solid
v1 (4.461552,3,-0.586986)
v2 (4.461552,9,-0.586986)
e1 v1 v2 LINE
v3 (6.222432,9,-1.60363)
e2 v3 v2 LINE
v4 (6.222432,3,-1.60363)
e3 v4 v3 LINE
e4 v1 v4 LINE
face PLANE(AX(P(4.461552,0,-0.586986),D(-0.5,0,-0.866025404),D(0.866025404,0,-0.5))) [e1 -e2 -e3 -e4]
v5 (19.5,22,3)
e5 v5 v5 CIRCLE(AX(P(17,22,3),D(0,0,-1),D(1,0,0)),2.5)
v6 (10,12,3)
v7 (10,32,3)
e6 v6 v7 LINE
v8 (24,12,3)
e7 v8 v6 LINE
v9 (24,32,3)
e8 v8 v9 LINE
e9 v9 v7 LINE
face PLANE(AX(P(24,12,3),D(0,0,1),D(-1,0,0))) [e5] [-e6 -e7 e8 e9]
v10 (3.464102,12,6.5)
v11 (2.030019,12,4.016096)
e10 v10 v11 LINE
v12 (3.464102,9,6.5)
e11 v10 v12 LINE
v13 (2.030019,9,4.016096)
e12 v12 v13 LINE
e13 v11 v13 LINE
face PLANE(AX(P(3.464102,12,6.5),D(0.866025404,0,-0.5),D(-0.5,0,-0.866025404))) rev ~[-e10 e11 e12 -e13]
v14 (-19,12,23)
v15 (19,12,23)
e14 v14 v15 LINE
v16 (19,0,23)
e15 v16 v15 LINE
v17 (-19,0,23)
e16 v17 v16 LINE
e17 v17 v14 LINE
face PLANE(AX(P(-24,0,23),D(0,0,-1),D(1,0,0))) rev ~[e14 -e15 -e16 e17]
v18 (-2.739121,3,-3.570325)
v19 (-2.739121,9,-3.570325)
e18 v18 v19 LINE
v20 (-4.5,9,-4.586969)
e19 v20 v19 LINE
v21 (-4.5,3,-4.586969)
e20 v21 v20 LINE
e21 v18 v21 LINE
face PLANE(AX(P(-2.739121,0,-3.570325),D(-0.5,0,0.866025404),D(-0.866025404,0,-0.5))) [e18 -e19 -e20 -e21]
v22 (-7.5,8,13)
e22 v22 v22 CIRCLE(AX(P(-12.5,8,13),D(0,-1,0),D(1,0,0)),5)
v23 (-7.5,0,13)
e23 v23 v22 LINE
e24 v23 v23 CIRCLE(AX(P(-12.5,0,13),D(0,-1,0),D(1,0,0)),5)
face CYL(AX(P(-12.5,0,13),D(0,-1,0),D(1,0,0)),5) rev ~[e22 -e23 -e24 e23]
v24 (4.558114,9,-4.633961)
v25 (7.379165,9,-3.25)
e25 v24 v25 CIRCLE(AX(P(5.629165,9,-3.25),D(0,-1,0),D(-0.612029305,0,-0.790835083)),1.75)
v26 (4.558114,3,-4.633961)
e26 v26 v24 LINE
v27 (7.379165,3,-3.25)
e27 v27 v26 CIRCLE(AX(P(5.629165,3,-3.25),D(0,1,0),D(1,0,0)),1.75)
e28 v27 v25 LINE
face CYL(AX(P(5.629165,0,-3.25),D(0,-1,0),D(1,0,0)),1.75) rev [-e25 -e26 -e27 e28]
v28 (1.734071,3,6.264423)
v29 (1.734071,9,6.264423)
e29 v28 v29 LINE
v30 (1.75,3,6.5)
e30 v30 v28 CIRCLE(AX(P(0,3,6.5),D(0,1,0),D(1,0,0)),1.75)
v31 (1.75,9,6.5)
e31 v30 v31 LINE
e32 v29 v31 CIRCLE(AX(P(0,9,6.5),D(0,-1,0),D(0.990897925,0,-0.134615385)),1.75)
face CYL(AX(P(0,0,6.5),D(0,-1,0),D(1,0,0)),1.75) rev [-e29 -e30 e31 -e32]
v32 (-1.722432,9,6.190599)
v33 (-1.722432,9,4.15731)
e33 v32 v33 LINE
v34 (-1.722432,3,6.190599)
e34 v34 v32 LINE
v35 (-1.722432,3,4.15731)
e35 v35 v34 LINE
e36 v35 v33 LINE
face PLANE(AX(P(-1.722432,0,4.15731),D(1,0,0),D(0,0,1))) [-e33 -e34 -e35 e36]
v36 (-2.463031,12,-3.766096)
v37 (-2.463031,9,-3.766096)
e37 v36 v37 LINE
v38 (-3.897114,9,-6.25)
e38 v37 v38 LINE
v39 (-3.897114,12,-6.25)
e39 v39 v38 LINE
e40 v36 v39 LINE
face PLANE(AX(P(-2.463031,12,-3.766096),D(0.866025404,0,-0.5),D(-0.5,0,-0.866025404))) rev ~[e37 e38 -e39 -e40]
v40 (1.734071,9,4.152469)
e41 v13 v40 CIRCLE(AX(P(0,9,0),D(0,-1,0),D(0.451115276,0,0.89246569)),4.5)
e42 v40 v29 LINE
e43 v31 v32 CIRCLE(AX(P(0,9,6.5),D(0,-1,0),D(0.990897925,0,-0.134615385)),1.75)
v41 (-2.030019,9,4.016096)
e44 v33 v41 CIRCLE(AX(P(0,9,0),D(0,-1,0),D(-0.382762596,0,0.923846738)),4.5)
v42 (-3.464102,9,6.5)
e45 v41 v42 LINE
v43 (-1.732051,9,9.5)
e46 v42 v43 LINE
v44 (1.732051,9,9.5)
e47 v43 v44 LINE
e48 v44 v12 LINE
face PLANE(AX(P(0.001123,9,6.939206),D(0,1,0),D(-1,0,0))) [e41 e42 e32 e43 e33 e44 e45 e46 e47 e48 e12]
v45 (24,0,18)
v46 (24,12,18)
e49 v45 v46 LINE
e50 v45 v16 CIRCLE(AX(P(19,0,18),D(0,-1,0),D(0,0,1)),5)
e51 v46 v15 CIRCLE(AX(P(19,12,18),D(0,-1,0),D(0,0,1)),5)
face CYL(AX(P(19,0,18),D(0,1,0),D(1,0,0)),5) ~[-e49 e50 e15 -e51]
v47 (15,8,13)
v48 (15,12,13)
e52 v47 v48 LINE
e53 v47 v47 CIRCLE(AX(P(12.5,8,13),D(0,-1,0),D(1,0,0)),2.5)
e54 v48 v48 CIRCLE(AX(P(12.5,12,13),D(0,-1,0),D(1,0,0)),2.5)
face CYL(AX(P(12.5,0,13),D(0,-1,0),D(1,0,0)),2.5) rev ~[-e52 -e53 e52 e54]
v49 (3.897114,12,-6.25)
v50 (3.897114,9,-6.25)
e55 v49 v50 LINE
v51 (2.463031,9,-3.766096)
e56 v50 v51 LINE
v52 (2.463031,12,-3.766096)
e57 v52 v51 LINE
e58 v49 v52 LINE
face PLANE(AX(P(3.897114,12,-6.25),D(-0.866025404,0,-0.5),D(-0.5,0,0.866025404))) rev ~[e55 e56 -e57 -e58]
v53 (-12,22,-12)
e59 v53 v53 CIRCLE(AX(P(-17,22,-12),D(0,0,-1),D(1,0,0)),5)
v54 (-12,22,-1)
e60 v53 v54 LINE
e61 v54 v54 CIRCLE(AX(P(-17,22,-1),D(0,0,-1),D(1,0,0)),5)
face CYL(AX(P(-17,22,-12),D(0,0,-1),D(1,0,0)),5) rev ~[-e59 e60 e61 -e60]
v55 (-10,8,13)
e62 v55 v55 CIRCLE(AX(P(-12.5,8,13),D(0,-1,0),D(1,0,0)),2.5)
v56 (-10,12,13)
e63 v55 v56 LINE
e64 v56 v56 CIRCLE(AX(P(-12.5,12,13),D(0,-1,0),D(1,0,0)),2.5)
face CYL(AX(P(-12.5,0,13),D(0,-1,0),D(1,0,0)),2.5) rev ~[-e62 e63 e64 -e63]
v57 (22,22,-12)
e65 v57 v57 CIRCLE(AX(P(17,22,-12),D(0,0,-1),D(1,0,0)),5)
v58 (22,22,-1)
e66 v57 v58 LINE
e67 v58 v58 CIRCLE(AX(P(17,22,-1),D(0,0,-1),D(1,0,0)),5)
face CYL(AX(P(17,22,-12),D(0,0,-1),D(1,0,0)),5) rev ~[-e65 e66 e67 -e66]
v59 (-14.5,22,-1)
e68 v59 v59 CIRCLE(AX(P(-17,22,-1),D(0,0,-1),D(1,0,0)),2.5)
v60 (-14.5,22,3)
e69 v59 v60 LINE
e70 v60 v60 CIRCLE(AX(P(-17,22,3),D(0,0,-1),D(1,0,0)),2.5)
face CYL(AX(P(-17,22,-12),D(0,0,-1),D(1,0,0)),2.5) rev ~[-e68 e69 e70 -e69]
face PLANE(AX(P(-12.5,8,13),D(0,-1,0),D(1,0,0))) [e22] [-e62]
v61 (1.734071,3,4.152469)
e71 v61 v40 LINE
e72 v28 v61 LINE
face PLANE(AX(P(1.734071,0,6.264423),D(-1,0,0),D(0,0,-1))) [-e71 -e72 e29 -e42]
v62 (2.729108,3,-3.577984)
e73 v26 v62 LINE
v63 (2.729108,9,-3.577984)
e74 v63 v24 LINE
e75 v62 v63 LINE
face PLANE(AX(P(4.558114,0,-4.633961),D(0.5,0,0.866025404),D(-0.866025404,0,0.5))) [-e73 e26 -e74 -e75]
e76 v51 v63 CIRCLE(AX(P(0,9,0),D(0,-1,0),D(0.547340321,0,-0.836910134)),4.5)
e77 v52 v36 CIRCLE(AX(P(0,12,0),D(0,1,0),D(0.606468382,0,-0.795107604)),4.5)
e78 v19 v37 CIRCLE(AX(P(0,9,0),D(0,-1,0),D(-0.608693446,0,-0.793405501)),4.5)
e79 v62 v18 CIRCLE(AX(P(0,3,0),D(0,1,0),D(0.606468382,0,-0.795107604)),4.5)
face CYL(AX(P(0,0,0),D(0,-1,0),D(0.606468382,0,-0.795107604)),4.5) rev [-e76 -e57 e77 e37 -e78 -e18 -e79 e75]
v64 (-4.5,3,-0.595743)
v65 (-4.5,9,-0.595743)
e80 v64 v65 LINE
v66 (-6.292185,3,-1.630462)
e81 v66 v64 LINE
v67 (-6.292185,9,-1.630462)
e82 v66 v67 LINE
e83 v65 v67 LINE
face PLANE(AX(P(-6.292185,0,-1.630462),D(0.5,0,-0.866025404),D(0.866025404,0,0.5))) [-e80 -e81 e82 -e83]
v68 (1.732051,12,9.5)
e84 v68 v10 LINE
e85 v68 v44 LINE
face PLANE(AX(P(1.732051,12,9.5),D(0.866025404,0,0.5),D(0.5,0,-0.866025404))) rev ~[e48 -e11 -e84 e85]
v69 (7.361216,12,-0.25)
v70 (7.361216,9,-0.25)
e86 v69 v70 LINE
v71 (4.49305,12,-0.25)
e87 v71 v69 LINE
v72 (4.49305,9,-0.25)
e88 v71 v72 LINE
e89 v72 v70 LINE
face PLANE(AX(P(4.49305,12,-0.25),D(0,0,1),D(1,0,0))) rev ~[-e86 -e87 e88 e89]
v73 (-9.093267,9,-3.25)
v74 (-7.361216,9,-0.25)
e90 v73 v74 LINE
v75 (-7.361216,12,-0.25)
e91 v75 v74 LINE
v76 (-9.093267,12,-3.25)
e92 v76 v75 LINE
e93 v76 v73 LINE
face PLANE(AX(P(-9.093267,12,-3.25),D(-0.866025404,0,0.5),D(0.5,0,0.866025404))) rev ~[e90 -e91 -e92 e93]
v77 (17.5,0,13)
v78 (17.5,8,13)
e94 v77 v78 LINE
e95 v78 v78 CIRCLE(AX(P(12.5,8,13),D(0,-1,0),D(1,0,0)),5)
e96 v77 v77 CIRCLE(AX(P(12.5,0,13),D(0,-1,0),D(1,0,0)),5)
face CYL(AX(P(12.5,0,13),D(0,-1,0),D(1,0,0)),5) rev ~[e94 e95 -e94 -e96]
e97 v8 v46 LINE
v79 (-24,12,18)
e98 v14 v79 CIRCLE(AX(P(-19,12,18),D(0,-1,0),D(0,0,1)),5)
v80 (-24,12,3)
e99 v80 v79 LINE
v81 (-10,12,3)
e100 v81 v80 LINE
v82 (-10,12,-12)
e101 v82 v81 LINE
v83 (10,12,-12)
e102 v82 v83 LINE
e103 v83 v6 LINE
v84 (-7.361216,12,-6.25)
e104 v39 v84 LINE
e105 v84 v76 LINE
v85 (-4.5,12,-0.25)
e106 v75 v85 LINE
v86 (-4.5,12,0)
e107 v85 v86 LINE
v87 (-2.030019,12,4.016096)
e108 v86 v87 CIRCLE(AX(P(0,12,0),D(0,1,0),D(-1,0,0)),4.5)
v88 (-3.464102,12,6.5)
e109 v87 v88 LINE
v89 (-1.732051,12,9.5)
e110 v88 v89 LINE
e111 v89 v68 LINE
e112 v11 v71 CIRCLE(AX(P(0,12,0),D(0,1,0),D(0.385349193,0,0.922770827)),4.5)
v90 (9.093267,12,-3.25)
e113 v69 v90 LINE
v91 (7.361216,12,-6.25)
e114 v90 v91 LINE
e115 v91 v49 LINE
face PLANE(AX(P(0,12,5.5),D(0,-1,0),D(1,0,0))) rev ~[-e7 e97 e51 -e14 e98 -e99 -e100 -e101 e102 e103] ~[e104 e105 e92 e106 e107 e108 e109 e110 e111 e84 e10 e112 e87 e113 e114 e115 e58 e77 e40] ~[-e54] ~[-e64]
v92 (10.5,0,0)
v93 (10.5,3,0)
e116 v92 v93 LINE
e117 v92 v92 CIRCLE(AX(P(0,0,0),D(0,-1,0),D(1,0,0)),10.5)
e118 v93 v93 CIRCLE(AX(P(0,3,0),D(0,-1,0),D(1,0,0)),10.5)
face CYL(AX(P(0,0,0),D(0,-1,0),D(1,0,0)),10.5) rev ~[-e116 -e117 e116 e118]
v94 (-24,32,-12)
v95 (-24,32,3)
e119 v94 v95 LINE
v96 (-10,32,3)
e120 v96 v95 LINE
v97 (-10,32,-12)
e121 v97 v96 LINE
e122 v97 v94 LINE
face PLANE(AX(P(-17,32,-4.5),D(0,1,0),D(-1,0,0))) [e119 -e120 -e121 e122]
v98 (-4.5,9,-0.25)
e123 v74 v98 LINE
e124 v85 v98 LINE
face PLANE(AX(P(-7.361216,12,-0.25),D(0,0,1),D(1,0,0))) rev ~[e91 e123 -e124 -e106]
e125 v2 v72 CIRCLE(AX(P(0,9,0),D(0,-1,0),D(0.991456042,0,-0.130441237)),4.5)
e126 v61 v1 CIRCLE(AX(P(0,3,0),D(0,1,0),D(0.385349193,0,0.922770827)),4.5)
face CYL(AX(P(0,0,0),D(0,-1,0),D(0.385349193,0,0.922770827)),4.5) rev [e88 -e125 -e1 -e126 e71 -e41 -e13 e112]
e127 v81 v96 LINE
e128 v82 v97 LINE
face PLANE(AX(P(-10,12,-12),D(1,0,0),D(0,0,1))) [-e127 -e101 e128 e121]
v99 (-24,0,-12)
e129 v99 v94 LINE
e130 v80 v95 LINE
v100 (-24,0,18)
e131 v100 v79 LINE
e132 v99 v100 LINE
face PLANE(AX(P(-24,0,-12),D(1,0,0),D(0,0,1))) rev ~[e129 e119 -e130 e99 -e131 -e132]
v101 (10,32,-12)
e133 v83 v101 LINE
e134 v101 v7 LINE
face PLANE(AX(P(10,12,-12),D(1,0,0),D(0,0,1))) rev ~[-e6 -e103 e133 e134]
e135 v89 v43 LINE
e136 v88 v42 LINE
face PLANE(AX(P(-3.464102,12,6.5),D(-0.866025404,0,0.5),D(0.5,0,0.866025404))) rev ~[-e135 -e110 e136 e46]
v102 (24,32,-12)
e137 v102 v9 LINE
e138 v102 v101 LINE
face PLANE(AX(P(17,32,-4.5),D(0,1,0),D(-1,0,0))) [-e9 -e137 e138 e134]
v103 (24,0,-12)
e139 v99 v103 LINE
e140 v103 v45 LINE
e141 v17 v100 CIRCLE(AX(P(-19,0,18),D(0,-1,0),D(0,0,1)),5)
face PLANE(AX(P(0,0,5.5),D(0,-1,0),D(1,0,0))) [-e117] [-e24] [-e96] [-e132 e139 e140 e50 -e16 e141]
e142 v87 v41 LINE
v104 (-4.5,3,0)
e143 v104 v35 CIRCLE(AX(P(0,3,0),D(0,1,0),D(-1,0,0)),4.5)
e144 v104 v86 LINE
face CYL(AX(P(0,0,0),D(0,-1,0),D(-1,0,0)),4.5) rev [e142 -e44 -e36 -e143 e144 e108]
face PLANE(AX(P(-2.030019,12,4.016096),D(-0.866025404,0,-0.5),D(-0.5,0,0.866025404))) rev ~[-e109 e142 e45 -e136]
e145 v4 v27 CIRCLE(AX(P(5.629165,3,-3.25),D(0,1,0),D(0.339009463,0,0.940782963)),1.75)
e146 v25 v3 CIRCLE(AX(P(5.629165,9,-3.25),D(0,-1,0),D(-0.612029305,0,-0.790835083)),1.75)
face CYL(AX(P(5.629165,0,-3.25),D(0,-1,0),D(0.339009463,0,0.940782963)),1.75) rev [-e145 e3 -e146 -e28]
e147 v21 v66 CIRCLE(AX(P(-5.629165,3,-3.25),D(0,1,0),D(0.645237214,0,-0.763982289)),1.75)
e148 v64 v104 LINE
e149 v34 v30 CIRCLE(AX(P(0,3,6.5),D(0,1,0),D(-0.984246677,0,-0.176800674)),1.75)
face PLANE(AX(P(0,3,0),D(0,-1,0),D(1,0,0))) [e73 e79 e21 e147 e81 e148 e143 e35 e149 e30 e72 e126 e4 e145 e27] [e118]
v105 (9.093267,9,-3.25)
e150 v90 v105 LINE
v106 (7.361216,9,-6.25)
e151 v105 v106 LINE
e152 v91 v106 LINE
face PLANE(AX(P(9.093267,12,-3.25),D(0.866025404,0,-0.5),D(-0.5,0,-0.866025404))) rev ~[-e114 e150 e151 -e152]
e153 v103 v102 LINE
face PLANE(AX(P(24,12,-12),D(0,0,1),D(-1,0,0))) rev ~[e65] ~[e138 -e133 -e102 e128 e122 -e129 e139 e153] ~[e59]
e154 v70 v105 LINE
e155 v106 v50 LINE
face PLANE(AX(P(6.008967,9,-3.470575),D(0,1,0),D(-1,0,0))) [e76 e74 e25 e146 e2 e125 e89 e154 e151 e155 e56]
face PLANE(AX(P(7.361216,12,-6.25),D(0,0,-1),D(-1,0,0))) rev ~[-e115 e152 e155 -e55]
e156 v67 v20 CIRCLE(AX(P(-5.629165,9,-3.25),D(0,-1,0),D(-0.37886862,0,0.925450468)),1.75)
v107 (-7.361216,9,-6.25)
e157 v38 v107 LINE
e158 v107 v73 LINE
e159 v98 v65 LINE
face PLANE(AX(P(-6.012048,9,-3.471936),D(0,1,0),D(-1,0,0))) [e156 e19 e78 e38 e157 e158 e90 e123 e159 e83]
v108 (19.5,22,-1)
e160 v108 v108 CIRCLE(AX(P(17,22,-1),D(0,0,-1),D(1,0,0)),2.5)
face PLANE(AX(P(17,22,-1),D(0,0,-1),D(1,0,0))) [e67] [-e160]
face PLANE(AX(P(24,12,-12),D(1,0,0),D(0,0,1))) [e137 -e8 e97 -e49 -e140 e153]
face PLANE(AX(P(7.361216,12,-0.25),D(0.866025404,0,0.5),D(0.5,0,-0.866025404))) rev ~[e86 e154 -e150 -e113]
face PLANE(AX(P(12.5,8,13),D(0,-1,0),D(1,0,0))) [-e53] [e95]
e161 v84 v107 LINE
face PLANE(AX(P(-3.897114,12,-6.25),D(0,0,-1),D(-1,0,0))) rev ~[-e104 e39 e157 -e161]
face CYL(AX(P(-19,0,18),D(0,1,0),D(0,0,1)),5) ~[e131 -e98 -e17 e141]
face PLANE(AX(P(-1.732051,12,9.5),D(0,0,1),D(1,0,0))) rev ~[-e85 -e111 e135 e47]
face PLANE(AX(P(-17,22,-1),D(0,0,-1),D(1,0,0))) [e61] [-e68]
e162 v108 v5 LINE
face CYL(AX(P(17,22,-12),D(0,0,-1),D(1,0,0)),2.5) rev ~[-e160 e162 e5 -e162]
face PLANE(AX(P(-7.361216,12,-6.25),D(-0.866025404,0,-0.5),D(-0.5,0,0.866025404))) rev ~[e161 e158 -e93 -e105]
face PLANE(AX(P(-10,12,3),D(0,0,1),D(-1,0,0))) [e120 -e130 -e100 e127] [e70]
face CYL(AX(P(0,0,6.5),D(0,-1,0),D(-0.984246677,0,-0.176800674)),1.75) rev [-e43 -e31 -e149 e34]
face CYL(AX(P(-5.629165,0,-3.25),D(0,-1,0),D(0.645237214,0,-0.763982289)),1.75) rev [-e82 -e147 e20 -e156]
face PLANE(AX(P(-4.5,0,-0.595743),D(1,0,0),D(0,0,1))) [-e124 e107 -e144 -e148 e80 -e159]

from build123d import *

# Parameters (mm, degrees)
F0_W      = 48
F0_H      = 35
F0_R      = 10.5
F0_R_2    = 5
F0_R_3    = 2.5
F1_DEPTH  = 12
F2_DEPTH  = 8
F3_DEPTH  = 3
F5_DEPTH  = 3
F4_W      = 14
F4_H      = 15
F6_DEPTH  = 20
F7_R      = 2.5
F8_DEPTH  = 35.001
F9_R      = 5
F7_R_2    = 5
F10_DEPTH = 11


with BuildPart() as f1:
    # F0 (on Front) → F1 (new body)
    with BuildSketch(Plane.XZ):
        with Locations((0, 5.5)):
            Rectangle(F0_W, F0_H)
        Circle(F0_R, mode=Mode.SUBTRACT)
        with Locations((-12.5, 13)):
            Circle(F0_R_2, mode=Mode.SUBTRACT)
        with Locations((12.5, 13)):
            Circle(F0_R_2, mode=Mode.SUBTRACT)
        with Locations((-12.5, 13)):
            Circle(F0_R_2)
        with Locations((-12.5, 13)):
            Circle(F0_R_3, mode=Mode.SUBTRACT)
        with Locations((12.5, 13)):
            Circle(F0_R_2)
        with Locations((12.5, 13)):
            Circle(F0_R_3, mode=Mode.SUBTRACT)
        Circle(F0_R)
        with BuildLine():
            ThreePointArc((2.729107717, -3.5779842186), (-0.0063032395, -4.4999955855), (-2.7391205053, -3.5703247551))
            Line((-2.7391205053, -3.5703247551), (-4.5, -4.5869690054))
            ThreePointArc((-4.5, -4.5869690054), (-7.1256799724, -4.1571622293), (-6.2921852092, -1.6304616808))
            Line((-6.2921852092, -1.6304616808), (-4.5, -0.5957430678))
            Line((-4.5, -0.5957430678), (-4.5, 0))
            ThreePointArc((-4.5, 0), (-3.7417203652, 2.49990574), (-1.722431685, 4.1573103192))
            Line((-1.722431685, 4.1573103192), (-1.722431685, 6.1905988197))
            ThreePointArc((-1.722431685, 6.1905988197), (-0.1553134752, 8.2430942959), (1.75, 6.5))
            ThreePointArc((1.75, 6.5), (1.7460133012, 6.3819425903), (1.7340713692, 6.2644230769))
            Line((1.7340713692, 6.2644230769), (1.7340713692, 4.1524687219))
            ThreePointArc((1.7340713692, 4.1524687219), (3.9002621137, 2.2445390272), (4.4615521904, -0.5869855641))
            Line((4.4615521904, -0.5869855641), (6.222431685, -1.6036298143))
            ThreePointArc((6.222431685, -1.6036298143), (7.0610723284, -2.243947437), (7.3791651246, -3.25))
            ThreePointArc((7.3791651246, -3.25), (6.3999310593, -4.8211205791), (4.5581138401, -4.6339613961))
            Line((4.5581138401, -4.6339613961), (2.729107717, -3.5779842186))
        make_face(mode=Mode.SUBTRACT)
    extrude(amount=-F1_DEPTH)

    # F0 (on Front) → F2 (cut)
    with BuildSketch(Plane.XZ):
        with Locations((12.5, 13)):
            Circle(F0_R_2)
        with Locations((12.5, 13)):
            Circle(F0_R_3, mode=Mode.SUBTRACT)
        with Locations((-12.5, 13)):
            Circle(F0_R_2)
        with Locations((-12.5, 13)):
            Circle(F0_R_3, mode=Mode.SUBTRACT)
    extrude(amount=-F2_DEPTH, mode=Mode.SUBTRACT)

    # F0 (on Front) → F3 (cut)
    with BuildSketch(Plane.XZ):
        Circle(F0_R)
        with BuildLine():
            ThreePointArc((2.729107717, -3.5779842186), (-0.0063032395, -4.4999955855), (-2.7391205053, -3.5703247551))
            Line((-2.7391205053, -3.5703247551), (-4.5, -4.5869690054))
            ThreePointArc((-4.5, -4.5869690054), (-7.1256799724, -4.1571622293), (-6.2921852092, -1.6304616808))
            Line((-6.2921852092, -1.6304616808), (-4.5, -0.5957430678))
            Line((-4.5, -0.5957430678), (-4.5, 0))
            ThreePointArc((-4.5, 0), (-3.7417203652, 2.49990574), (-1.722431685, 4.1573103192))
            Line((-1.722431685, 4.1573103192), (-1.722431685, 6.1905988197))
            ThreePointArc((-1.722431685, 6.1905988197), (-0.1553134752, 8.2430942959), (1.75, 6.5))
            ThreePointArc((1.75, 6.5), (1.7460133012, 6.3819425903), (1.7340713692, 6.2644230769))
            Line((1.7340713692, 6.2644230769), (1.7340713692, 4.1524687219))
            ThreePointArc((1.7340713692, 4.1524687219), (3.9002621137, 2.2445390272), (4.4615521904, -0.5869855641))
            Line((4.4615521904, -0.5869855641), (6.222431685, -1.6036298143))
            ThreePointArc((6.222431685, -1.6036298143), (7.0610723284, -2.243947437), (7.3791651246, -3.25))
            ThreePointArc((7.3791651246, -3.25), (6.3999310593, -4.8211205791), (4.5581138401, -4.6339613961))
            Line((4.5581138401, -4.6339613961), (2.729107717, -3.5779842186))
        make_face(mode=Mode.SUBTRACT)
    extrude(amount=-F3_DEPTH, mode=Mode.SUBTRACT)

    # F4 (on face) → F5 (cut)
    with BuildSketch(Plane(origin=(0, 12, 0), x_dir=(-1, 0, 0), z_dir=(0, 1, 0))):
        with BuildLine():
            ThreePointArc((-4.4615521904, -0.5869855641), (-4.4804704843, -0.4187890156), (-4.4930501889, -0.25))
            Line((-4.4930501889, -0.25), (-7.3612159322, -0.25))
            Line((-7.3612159322, -0.25), (-9.0932667397, -3.25))
            Line((-9.0932667397, -3.25), (-7.3612159322, -6.25))
            Line((-7.3612159322, -6.25), (-3.897114317, -6.25))
            Line((-3.897114317, -6.25), (-2.4630314454, -3.7660956041))
            ThreePointArc((-2.4630314454, -3.7660956041), (-2.597772843, -3.6744491092), (-2.729107717, -3.5779842186))
            Line((-2.729107717, -3.5779842186), (-4.5581138401, -4.6339613961))
            ThreePointArc((-4.5581138401, -4.6339613961), (-7.1630480845, -4.0924387607), (-6.222431685, -1.6036298143))
            Line((-6.222431685, -1.6036298143), (-4.4615521904, -0.5869855641))
        make_face()
        with BuildLine():
            Line((1.7320508076, 9.5), (-1.7320508076, 9.5))
            Line((-1.7320508076, 9.5), (-3.4641016151, 6.5))
            Line((-3.4641016151, 6.5), (-2.0300187435, 4.0160956041))
            ThreePointArc((-2.0300187435, 4.0160956041), (-1.883279852, 4.0869618299), (-1.7340713692, 4.1524687219))
            Line((-1.7340713692, 4.1524687219), (-1.7340713692, 6.2644230769))
            ThreePointArc((-1.7340713692, 6.2644230769), (0.0373681121, 8.24960099), (1.722431685, 6.1905988197))
            Line((1.722431685, 6.1905988197), (1.722431685, 4.1573103192))
            ThreePointArc((1.722431685, 4.1573103192), (1.8775533158, 4.0895957681), (2.0300187435, 4.0160956041))
            Line((2.0300187435, 4.0160956041), (3.4641016151, 6.5))
            Line((3.4641016151, 6.5), (1.7320508076, 9.5))
        make_face()
        with BuildLine():
            Line((7.3612159322, -0.25), (4.5, -0.25))
            Line((4.5, -0.25), (4.5, -0.5957430678))
            Line((4.5, -0.5957430678), (6.2921852092, -1.6304616808))
            ThreePointArc((6.2921852092, -1.6304616808), (7.1256799724, -4.1571622293), (4.5, -4.5869690054))
            Line((4.5, -4.5869690054), (2.7391205053, -3.5703247551))
            ThreePointArc((2.7391205053, -3.5703247551), (2.6029171685, -3.6708067525), (2.4630314454, -3.7660956041))
            Line((2.4630314454, -3.7660956041), (3.897114317, -6.25))
            Line((3.897114317, -6.25), (7.3612159322, -6.25))
            Line((7.3612159322, -6.25), (9.0932667397, -3.25))
            Line((9.0932667397, -3.25), (7.3612159322, -0.25))
        make_face()
    extrude(amount=-F5_DEPTH, mode=Mode.SUBTRACT)

    # F4 (on face) → F6 (join)
    with BuildSketch(Plane(origin=(0, 12, 0), x_dir=(-1, 0, 0), z_dir=(0, 1, 0))):
        with Locations((-17, -4.5)):
            Rectangle(F4_W, F4_H)
        with Locations((17, -4.5)):
            Rectangle(F4_W, F4_H)
    extrude(amount=F6_DEPTH)

    # F7 (on face) → F8 (cut, through all)
    with BuildSketch(Plane(origin=(0, 0, -12), x_dir=(1, 0, 0), z_dir=(0, 0, -1))):
        with Locations((-17, -22)):
            Circle(F7_R)
        with Locations((17, -22)):
            Circle(F7_R)
    extrude(amount=-F8_DEPTH, mode=Mode.SUBTRACT)

    # F9
    f9_edges = [f1.edges().sort_by_distance(p)[0] for p in [
        (-24, 6, 23),
        (24, 6, 23),
    ]]
    fillet(f9_edges, radius=F9_R)

    # F7 (on face) → F10 (cut)
    with BuildSketch(Plane(origin=(0, 0, -12), x_dir=(1, 0, 0), z_dir=(0, 0, -1))):
        with Locations((-17, -22)):
            Circle(F7_R_2)
        with Locations((-17, -22)):
            Circle(F7_R, mode=Mode.SUBTRACT)
        with Locations((17, -22)):
            Circle(F7_R_2)
        with Locations((17, -22)):
            Circle(F7_R, mode=Mode.SUBTRACT)
    extrude(amount=-F10_DEPTH, mode=Mode.SUBTRACT)


solid = f1.part
